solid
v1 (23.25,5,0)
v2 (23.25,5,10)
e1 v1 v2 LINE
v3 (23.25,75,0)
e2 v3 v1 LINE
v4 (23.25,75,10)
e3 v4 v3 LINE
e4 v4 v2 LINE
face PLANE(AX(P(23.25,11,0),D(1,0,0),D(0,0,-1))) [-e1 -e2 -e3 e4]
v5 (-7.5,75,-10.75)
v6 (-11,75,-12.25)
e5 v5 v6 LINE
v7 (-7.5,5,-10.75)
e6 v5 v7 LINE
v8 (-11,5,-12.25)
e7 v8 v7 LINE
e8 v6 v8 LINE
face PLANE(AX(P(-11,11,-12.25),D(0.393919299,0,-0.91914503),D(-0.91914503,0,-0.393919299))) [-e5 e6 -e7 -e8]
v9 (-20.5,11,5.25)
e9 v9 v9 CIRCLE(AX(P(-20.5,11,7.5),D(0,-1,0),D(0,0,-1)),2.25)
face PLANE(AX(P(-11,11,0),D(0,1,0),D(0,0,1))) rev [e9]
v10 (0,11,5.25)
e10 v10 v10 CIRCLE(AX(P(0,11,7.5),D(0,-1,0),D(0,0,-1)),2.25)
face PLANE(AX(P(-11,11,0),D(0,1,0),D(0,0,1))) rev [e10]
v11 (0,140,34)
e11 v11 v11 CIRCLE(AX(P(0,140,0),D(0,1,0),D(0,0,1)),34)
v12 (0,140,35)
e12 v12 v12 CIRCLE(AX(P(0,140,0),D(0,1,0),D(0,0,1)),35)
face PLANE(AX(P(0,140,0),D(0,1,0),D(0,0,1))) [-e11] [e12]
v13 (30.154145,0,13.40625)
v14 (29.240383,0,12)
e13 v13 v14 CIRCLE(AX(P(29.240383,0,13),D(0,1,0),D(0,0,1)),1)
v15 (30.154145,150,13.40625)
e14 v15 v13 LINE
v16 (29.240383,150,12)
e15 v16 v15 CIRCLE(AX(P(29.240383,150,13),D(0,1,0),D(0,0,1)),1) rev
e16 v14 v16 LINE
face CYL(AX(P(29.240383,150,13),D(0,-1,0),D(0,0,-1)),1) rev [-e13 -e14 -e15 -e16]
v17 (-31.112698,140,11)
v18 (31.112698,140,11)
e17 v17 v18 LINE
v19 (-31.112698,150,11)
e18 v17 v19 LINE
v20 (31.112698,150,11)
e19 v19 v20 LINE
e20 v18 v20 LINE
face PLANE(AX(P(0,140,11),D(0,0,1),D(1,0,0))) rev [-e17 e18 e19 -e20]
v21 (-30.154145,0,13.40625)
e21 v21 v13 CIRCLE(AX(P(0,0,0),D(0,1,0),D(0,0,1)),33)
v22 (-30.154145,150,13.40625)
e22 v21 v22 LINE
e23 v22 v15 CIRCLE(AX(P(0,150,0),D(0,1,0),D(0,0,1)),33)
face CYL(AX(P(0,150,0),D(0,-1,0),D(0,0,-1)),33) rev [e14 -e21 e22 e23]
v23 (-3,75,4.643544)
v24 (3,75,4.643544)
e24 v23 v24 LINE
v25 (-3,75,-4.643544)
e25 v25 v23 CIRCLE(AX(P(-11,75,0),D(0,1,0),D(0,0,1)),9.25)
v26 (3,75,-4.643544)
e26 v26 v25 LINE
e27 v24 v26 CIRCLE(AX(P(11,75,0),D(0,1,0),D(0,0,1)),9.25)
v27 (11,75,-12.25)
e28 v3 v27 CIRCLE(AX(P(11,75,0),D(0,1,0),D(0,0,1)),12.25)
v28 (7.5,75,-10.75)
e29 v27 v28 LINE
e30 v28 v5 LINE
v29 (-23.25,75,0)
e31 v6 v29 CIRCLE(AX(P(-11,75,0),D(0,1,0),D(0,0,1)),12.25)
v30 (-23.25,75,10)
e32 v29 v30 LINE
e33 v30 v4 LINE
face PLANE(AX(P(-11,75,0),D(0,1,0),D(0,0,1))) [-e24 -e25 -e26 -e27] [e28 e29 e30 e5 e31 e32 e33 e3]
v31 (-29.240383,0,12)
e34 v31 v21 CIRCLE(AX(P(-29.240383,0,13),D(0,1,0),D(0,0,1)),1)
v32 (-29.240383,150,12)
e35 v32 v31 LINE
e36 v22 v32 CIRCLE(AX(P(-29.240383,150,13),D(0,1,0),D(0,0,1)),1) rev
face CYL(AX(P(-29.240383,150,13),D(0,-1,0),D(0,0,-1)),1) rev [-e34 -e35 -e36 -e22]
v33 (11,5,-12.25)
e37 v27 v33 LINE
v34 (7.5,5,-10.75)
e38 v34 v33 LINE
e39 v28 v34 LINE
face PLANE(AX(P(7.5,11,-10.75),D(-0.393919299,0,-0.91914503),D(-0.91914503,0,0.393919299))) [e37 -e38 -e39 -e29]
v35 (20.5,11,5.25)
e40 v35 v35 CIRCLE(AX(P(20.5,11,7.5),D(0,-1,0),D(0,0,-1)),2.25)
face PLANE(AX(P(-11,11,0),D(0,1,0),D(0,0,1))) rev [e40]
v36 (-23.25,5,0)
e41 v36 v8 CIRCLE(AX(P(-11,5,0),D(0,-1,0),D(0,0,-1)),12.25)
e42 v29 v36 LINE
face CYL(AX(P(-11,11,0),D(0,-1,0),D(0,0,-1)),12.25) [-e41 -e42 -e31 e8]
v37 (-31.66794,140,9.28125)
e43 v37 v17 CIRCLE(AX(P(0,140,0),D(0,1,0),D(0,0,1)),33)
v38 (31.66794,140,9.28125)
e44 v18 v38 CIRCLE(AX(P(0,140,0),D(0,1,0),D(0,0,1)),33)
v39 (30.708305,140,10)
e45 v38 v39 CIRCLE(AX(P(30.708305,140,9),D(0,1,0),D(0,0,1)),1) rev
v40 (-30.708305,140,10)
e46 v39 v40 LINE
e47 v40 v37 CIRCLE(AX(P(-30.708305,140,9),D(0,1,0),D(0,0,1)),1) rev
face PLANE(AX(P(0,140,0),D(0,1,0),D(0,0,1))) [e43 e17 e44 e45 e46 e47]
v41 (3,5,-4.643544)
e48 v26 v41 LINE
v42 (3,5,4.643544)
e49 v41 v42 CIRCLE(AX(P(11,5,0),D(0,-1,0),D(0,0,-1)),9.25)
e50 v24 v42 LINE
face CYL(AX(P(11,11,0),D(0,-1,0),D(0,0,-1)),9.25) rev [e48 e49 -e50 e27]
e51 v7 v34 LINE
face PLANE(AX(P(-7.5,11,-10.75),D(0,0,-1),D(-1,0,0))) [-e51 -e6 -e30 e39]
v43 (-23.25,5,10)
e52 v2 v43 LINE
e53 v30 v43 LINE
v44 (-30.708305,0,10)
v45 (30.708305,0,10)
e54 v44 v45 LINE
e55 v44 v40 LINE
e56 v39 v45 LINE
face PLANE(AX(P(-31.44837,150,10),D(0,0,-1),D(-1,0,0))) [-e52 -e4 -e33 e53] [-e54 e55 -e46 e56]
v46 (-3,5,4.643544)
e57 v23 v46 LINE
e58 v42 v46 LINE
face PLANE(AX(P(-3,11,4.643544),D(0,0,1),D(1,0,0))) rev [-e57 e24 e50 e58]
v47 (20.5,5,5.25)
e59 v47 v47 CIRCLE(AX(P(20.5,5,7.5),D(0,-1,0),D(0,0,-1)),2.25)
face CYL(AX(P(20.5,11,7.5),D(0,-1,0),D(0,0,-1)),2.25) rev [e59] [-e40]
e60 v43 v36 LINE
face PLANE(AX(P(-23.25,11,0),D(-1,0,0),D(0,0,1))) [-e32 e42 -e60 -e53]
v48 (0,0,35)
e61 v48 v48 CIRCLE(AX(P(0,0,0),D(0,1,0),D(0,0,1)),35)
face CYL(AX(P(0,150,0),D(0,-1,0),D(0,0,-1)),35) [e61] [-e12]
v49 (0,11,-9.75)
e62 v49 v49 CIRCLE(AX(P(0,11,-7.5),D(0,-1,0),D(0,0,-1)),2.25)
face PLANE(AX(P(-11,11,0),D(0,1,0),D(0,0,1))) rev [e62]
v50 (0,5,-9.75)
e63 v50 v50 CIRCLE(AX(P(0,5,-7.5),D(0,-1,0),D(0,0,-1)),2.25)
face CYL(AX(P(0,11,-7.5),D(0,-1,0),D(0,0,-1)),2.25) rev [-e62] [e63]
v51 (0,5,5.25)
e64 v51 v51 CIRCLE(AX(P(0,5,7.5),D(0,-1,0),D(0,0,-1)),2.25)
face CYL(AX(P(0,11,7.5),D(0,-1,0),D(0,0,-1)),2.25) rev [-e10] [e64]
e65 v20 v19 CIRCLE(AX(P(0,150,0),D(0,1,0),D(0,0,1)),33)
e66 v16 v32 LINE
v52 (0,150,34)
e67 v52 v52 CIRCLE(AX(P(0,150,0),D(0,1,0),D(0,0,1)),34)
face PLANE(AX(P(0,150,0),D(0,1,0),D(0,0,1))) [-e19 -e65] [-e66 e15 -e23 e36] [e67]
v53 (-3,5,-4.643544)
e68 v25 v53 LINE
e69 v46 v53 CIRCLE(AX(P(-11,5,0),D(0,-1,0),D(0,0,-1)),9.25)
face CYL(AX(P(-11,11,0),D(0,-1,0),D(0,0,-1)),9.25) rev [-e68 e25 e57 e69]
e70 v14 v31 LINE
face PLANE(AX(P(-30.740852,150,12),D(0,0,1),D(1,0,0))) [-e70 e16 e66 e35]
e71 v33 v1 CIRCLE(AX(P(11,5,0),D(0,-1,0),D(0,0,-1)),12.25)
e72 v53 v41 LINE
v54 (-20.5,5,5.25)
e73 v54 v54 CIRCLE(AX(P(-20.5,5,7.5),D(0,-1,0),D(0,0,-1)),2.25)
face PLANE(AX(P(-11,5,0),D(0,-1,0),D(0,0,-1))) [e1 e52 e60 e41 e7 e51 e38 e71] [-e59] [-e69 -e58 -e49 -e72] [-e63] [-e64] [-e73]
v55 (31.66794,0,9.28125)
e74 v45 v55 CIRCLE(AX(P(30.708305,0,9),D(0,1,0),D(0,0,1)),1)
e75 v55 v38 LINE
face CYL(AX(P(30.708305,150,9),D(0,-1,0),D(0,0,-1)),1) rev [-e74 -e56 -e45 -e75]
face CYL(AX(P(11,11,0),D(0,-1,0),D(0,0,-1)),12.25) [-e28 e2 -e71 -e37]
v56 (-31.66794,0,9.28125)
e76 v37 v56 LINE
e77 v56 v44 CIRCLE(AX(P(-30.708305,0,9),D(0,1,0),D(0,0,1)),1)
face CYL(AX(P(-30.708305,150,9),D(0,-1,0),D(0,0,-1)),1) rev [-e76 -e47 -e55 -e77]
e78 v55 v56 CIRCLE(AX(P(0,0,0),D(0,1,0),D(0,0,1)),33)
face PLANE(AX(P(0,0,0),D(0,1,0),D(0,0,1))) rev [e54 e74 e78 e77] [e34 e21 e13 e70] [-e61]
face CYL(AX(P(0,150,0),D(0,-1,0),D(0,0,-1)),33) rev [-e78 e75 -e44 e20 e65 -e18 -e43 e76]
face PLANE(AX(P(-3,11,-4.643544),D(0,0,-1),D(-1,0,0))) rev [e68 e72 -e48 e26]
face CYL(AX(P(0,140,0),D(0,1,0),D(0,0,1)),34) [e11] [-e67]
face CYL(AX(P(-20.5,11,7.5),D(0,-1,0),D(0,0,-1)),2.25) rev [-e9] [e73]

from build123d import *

# Parameters (mm, degrees)
SKETCH1_R           = 35
BOSS_EXTRUDE1_DEPTH = 150
FILLET1_R           = 1
CUT_EXTRUDE1_START  = -10
SKETCH3_R           = 35
SKETCH3_R_2         = 34
CUT_EXTRUDE1_DEPTH  = 10
BOSS_EXTRUDE2_START = -5
SKETCH4_R           = 2.25
BOSS_EXTRUDE2_DEPTH = 6
BOSS_EXTRUDE3_DEPTH = 64


with BuildPart() as part:
    # Sketch1 → Boss-Extrude1 (new body)
    with BuildSketch(Plane(origin=(0, 0, 0), x_dir=(1, 0, 0), z_dir=(0, 1, 0))):
        with Locations(Location((0, 0, 0), (0, 0, 270))):
            Circle(SKETCH1_R)
        with BuildLine():
            Line((-31.448370387, -10), (31.448370387, -10))
            ThreePointArc((31.448370387, -10), (0, 33), (-31.448370387, -10))
        make_face(mode=Mode.SUBTRACT)
        with BuildLine():
            Line((-30.740852298, -12), (30.740852298, -12))
            ThreePointArc((30.740852298, -12), (0, -33), (-30.740852298, -12))
        make_face(mode=Mode.SUBTRACT)
    extrude(amount=BOSS_EXTRUDE1_DEPTH)

    # Fillet1
    fillet1_edges = [part.edges().sort_by_distance(p)[0] for p in [
        (-30.740852298, 75, 12),
        (30.740852298, 75, 12),
        (31.448370387, 75, 10),
        (-31.448370387, 75, 10),
    ]]
    fillet(fillet1_edges, radius=FILLET1_R)

    # Sketch3 → Cut-Extrude1 (cut)
    # profile 1 of 2: a face of its own
    with BuildSketch(Plane(origin=(0, 150, 0), x_dir=(1, 0, 0), z_dir=(0, 1, 0)).offset(CUT_EXTRUDE1_START)):
        with Locations(Location((0, 0, 0), (0, 0, 270))):
            Circle(SKETCH3_R)
        with Locations(Location((0, 0, 0), (0, 0, 270))):
            Circle(SKETCH3_R_2, mode=Mode.SUBTRACT)
    # profile 2 of 2: a face of its own
    with BuildSketch(Plane(origin=(0, 150, 0), x_dir=(1, 0, 0), z_dir=(0, 1, 0)).offset(CUT_EXTRUDE1_START)):
        with BuildLine():
            Line((30.708305066, -10), (-30.708305066, -10))
            ThreePointArc((-30.708305066, -10), (-31.307784006, -9.80039053), (-31.667939599, -9.28125))
            ThreePointArc((-31.667939599, -9.28125), (-31.402080367, -10.144424508), (-31.112698372, -11))
            Line((-31.112698372, -11), (31.112698372, -11))
            ThreePointArc((31.112698372, -11), (31.402080367, -10.144424508), (31.667939599, -9.28125))
            ThreePointArc((31.667939599, -9.28125), (31.307784006, -9.80039053), (30.708305066, -10))
        make_face()
    extrude(amount=CUT_EXTRUDE1_DEPTH, mode=Mode.SUBTRACT)

    # Sketch4 → Boss-Extrude2 (add)
    with BuildSketch(Plane.XZ.offset(BOSS_EXTRUDE2_START)):
        with BuildLine():
            Line((-23.25, 10), (23.25, 10))
            Line((23.25, 10), (23.25, 0))
            ThreePointArc((23.25, 0), (19.66205807, -8.66205807), (11, -12.25))
            Line((11, -12.25), (7.5, -10.75))
            Line((7.5, -10.75), (-7.5, -10.75))
            Line((-7.5, -10.75), (-11, -12.25))
            ThreePointArc((-11, -12.25), (-19.66205807, -8.66205807), (-23.25, 0))
            Line((-23.25, 0), (-23.25, 10))
        make_face()
        with Locations(Location((0, -7.5, 0), (0, 0, 270))):
            Circle(SKETCH4_R, mode=Mode.SUBTRACT)
        with Locations(Location((20.5, 7.5, 0), (0, 0, 270))):
            Circle(SKETCH4_R, mode=Mode.SUBTRACT)
        with Locations(Location((-20.5, 7.5, 0), (0, 0, 270))):
            Circle(SKETCH4_R, mode=Mode.SUBTRACT)
        with Locations(Location((0, 7.5, 0), (0, 0, 270))):
            Circle(SKETCH4_R, mode=Mode.SUBTRACT)
        with BuildLine():
            Line((-3, 4.643543905), (3, 4.643543905))
            ThreePointArc((3, 4.643543905), (20.25, 0), (3, -4.643543905))
            Line((3, -4.643543905), (-3, -4.643543905))
            ThreePointArc((-3, -4.643543905), (-20.25, 0), (-3, 4.643543905))
        make_face(mode=Mode.SUBTRACT)
    extrude(amount=-BOSS_EXTRUDE2_DEPTH)

    # Sketch5 → Boss-Extrude3 (add)
    with BuildSketch(Plane(origin=(0, 11, 0), x_dir=(1, 0, 0), z_dir=(0, 1, 0))):
        with BuildLine():
            Line((-23.25, 0), (-23.25, -10))
            Line((-23.25, -10), (23.25, -10))
            Line((23.25, -10), (23.25, 0))
            ThreePointArc((23.25, 0), (19.66205807, 8.66205807), (11, 12.25))
            Line((11, 12.25), (7.5, 10.75))
            Line((7.5, 10.75), (-7.5, 10.75))
            Line((-7.5, 10.75), (-11, 12.25))
            ThreePointArc((-11, 12.25), (-19.66205807, 8.66205807), (-23.25, 0))
        make_face()
        with BuildLine():
            Line((3, -4.643543905), (-3, -4.643543905))
            ThreePointArc((-3, -4.643543905), (-20.25, 0), (-3, 4.643543905))
            Line((-3, 4.643543905), (3, 4.643543905))
            ThreePointArc((3, 4.643543905), (20.25, 0), (3, -4.643543905))
        make_face(mode=Mode.SUBTRACT)
    extrude(amount=BOSS_EXTRUDE3_DEPTH)


solid = part.part
